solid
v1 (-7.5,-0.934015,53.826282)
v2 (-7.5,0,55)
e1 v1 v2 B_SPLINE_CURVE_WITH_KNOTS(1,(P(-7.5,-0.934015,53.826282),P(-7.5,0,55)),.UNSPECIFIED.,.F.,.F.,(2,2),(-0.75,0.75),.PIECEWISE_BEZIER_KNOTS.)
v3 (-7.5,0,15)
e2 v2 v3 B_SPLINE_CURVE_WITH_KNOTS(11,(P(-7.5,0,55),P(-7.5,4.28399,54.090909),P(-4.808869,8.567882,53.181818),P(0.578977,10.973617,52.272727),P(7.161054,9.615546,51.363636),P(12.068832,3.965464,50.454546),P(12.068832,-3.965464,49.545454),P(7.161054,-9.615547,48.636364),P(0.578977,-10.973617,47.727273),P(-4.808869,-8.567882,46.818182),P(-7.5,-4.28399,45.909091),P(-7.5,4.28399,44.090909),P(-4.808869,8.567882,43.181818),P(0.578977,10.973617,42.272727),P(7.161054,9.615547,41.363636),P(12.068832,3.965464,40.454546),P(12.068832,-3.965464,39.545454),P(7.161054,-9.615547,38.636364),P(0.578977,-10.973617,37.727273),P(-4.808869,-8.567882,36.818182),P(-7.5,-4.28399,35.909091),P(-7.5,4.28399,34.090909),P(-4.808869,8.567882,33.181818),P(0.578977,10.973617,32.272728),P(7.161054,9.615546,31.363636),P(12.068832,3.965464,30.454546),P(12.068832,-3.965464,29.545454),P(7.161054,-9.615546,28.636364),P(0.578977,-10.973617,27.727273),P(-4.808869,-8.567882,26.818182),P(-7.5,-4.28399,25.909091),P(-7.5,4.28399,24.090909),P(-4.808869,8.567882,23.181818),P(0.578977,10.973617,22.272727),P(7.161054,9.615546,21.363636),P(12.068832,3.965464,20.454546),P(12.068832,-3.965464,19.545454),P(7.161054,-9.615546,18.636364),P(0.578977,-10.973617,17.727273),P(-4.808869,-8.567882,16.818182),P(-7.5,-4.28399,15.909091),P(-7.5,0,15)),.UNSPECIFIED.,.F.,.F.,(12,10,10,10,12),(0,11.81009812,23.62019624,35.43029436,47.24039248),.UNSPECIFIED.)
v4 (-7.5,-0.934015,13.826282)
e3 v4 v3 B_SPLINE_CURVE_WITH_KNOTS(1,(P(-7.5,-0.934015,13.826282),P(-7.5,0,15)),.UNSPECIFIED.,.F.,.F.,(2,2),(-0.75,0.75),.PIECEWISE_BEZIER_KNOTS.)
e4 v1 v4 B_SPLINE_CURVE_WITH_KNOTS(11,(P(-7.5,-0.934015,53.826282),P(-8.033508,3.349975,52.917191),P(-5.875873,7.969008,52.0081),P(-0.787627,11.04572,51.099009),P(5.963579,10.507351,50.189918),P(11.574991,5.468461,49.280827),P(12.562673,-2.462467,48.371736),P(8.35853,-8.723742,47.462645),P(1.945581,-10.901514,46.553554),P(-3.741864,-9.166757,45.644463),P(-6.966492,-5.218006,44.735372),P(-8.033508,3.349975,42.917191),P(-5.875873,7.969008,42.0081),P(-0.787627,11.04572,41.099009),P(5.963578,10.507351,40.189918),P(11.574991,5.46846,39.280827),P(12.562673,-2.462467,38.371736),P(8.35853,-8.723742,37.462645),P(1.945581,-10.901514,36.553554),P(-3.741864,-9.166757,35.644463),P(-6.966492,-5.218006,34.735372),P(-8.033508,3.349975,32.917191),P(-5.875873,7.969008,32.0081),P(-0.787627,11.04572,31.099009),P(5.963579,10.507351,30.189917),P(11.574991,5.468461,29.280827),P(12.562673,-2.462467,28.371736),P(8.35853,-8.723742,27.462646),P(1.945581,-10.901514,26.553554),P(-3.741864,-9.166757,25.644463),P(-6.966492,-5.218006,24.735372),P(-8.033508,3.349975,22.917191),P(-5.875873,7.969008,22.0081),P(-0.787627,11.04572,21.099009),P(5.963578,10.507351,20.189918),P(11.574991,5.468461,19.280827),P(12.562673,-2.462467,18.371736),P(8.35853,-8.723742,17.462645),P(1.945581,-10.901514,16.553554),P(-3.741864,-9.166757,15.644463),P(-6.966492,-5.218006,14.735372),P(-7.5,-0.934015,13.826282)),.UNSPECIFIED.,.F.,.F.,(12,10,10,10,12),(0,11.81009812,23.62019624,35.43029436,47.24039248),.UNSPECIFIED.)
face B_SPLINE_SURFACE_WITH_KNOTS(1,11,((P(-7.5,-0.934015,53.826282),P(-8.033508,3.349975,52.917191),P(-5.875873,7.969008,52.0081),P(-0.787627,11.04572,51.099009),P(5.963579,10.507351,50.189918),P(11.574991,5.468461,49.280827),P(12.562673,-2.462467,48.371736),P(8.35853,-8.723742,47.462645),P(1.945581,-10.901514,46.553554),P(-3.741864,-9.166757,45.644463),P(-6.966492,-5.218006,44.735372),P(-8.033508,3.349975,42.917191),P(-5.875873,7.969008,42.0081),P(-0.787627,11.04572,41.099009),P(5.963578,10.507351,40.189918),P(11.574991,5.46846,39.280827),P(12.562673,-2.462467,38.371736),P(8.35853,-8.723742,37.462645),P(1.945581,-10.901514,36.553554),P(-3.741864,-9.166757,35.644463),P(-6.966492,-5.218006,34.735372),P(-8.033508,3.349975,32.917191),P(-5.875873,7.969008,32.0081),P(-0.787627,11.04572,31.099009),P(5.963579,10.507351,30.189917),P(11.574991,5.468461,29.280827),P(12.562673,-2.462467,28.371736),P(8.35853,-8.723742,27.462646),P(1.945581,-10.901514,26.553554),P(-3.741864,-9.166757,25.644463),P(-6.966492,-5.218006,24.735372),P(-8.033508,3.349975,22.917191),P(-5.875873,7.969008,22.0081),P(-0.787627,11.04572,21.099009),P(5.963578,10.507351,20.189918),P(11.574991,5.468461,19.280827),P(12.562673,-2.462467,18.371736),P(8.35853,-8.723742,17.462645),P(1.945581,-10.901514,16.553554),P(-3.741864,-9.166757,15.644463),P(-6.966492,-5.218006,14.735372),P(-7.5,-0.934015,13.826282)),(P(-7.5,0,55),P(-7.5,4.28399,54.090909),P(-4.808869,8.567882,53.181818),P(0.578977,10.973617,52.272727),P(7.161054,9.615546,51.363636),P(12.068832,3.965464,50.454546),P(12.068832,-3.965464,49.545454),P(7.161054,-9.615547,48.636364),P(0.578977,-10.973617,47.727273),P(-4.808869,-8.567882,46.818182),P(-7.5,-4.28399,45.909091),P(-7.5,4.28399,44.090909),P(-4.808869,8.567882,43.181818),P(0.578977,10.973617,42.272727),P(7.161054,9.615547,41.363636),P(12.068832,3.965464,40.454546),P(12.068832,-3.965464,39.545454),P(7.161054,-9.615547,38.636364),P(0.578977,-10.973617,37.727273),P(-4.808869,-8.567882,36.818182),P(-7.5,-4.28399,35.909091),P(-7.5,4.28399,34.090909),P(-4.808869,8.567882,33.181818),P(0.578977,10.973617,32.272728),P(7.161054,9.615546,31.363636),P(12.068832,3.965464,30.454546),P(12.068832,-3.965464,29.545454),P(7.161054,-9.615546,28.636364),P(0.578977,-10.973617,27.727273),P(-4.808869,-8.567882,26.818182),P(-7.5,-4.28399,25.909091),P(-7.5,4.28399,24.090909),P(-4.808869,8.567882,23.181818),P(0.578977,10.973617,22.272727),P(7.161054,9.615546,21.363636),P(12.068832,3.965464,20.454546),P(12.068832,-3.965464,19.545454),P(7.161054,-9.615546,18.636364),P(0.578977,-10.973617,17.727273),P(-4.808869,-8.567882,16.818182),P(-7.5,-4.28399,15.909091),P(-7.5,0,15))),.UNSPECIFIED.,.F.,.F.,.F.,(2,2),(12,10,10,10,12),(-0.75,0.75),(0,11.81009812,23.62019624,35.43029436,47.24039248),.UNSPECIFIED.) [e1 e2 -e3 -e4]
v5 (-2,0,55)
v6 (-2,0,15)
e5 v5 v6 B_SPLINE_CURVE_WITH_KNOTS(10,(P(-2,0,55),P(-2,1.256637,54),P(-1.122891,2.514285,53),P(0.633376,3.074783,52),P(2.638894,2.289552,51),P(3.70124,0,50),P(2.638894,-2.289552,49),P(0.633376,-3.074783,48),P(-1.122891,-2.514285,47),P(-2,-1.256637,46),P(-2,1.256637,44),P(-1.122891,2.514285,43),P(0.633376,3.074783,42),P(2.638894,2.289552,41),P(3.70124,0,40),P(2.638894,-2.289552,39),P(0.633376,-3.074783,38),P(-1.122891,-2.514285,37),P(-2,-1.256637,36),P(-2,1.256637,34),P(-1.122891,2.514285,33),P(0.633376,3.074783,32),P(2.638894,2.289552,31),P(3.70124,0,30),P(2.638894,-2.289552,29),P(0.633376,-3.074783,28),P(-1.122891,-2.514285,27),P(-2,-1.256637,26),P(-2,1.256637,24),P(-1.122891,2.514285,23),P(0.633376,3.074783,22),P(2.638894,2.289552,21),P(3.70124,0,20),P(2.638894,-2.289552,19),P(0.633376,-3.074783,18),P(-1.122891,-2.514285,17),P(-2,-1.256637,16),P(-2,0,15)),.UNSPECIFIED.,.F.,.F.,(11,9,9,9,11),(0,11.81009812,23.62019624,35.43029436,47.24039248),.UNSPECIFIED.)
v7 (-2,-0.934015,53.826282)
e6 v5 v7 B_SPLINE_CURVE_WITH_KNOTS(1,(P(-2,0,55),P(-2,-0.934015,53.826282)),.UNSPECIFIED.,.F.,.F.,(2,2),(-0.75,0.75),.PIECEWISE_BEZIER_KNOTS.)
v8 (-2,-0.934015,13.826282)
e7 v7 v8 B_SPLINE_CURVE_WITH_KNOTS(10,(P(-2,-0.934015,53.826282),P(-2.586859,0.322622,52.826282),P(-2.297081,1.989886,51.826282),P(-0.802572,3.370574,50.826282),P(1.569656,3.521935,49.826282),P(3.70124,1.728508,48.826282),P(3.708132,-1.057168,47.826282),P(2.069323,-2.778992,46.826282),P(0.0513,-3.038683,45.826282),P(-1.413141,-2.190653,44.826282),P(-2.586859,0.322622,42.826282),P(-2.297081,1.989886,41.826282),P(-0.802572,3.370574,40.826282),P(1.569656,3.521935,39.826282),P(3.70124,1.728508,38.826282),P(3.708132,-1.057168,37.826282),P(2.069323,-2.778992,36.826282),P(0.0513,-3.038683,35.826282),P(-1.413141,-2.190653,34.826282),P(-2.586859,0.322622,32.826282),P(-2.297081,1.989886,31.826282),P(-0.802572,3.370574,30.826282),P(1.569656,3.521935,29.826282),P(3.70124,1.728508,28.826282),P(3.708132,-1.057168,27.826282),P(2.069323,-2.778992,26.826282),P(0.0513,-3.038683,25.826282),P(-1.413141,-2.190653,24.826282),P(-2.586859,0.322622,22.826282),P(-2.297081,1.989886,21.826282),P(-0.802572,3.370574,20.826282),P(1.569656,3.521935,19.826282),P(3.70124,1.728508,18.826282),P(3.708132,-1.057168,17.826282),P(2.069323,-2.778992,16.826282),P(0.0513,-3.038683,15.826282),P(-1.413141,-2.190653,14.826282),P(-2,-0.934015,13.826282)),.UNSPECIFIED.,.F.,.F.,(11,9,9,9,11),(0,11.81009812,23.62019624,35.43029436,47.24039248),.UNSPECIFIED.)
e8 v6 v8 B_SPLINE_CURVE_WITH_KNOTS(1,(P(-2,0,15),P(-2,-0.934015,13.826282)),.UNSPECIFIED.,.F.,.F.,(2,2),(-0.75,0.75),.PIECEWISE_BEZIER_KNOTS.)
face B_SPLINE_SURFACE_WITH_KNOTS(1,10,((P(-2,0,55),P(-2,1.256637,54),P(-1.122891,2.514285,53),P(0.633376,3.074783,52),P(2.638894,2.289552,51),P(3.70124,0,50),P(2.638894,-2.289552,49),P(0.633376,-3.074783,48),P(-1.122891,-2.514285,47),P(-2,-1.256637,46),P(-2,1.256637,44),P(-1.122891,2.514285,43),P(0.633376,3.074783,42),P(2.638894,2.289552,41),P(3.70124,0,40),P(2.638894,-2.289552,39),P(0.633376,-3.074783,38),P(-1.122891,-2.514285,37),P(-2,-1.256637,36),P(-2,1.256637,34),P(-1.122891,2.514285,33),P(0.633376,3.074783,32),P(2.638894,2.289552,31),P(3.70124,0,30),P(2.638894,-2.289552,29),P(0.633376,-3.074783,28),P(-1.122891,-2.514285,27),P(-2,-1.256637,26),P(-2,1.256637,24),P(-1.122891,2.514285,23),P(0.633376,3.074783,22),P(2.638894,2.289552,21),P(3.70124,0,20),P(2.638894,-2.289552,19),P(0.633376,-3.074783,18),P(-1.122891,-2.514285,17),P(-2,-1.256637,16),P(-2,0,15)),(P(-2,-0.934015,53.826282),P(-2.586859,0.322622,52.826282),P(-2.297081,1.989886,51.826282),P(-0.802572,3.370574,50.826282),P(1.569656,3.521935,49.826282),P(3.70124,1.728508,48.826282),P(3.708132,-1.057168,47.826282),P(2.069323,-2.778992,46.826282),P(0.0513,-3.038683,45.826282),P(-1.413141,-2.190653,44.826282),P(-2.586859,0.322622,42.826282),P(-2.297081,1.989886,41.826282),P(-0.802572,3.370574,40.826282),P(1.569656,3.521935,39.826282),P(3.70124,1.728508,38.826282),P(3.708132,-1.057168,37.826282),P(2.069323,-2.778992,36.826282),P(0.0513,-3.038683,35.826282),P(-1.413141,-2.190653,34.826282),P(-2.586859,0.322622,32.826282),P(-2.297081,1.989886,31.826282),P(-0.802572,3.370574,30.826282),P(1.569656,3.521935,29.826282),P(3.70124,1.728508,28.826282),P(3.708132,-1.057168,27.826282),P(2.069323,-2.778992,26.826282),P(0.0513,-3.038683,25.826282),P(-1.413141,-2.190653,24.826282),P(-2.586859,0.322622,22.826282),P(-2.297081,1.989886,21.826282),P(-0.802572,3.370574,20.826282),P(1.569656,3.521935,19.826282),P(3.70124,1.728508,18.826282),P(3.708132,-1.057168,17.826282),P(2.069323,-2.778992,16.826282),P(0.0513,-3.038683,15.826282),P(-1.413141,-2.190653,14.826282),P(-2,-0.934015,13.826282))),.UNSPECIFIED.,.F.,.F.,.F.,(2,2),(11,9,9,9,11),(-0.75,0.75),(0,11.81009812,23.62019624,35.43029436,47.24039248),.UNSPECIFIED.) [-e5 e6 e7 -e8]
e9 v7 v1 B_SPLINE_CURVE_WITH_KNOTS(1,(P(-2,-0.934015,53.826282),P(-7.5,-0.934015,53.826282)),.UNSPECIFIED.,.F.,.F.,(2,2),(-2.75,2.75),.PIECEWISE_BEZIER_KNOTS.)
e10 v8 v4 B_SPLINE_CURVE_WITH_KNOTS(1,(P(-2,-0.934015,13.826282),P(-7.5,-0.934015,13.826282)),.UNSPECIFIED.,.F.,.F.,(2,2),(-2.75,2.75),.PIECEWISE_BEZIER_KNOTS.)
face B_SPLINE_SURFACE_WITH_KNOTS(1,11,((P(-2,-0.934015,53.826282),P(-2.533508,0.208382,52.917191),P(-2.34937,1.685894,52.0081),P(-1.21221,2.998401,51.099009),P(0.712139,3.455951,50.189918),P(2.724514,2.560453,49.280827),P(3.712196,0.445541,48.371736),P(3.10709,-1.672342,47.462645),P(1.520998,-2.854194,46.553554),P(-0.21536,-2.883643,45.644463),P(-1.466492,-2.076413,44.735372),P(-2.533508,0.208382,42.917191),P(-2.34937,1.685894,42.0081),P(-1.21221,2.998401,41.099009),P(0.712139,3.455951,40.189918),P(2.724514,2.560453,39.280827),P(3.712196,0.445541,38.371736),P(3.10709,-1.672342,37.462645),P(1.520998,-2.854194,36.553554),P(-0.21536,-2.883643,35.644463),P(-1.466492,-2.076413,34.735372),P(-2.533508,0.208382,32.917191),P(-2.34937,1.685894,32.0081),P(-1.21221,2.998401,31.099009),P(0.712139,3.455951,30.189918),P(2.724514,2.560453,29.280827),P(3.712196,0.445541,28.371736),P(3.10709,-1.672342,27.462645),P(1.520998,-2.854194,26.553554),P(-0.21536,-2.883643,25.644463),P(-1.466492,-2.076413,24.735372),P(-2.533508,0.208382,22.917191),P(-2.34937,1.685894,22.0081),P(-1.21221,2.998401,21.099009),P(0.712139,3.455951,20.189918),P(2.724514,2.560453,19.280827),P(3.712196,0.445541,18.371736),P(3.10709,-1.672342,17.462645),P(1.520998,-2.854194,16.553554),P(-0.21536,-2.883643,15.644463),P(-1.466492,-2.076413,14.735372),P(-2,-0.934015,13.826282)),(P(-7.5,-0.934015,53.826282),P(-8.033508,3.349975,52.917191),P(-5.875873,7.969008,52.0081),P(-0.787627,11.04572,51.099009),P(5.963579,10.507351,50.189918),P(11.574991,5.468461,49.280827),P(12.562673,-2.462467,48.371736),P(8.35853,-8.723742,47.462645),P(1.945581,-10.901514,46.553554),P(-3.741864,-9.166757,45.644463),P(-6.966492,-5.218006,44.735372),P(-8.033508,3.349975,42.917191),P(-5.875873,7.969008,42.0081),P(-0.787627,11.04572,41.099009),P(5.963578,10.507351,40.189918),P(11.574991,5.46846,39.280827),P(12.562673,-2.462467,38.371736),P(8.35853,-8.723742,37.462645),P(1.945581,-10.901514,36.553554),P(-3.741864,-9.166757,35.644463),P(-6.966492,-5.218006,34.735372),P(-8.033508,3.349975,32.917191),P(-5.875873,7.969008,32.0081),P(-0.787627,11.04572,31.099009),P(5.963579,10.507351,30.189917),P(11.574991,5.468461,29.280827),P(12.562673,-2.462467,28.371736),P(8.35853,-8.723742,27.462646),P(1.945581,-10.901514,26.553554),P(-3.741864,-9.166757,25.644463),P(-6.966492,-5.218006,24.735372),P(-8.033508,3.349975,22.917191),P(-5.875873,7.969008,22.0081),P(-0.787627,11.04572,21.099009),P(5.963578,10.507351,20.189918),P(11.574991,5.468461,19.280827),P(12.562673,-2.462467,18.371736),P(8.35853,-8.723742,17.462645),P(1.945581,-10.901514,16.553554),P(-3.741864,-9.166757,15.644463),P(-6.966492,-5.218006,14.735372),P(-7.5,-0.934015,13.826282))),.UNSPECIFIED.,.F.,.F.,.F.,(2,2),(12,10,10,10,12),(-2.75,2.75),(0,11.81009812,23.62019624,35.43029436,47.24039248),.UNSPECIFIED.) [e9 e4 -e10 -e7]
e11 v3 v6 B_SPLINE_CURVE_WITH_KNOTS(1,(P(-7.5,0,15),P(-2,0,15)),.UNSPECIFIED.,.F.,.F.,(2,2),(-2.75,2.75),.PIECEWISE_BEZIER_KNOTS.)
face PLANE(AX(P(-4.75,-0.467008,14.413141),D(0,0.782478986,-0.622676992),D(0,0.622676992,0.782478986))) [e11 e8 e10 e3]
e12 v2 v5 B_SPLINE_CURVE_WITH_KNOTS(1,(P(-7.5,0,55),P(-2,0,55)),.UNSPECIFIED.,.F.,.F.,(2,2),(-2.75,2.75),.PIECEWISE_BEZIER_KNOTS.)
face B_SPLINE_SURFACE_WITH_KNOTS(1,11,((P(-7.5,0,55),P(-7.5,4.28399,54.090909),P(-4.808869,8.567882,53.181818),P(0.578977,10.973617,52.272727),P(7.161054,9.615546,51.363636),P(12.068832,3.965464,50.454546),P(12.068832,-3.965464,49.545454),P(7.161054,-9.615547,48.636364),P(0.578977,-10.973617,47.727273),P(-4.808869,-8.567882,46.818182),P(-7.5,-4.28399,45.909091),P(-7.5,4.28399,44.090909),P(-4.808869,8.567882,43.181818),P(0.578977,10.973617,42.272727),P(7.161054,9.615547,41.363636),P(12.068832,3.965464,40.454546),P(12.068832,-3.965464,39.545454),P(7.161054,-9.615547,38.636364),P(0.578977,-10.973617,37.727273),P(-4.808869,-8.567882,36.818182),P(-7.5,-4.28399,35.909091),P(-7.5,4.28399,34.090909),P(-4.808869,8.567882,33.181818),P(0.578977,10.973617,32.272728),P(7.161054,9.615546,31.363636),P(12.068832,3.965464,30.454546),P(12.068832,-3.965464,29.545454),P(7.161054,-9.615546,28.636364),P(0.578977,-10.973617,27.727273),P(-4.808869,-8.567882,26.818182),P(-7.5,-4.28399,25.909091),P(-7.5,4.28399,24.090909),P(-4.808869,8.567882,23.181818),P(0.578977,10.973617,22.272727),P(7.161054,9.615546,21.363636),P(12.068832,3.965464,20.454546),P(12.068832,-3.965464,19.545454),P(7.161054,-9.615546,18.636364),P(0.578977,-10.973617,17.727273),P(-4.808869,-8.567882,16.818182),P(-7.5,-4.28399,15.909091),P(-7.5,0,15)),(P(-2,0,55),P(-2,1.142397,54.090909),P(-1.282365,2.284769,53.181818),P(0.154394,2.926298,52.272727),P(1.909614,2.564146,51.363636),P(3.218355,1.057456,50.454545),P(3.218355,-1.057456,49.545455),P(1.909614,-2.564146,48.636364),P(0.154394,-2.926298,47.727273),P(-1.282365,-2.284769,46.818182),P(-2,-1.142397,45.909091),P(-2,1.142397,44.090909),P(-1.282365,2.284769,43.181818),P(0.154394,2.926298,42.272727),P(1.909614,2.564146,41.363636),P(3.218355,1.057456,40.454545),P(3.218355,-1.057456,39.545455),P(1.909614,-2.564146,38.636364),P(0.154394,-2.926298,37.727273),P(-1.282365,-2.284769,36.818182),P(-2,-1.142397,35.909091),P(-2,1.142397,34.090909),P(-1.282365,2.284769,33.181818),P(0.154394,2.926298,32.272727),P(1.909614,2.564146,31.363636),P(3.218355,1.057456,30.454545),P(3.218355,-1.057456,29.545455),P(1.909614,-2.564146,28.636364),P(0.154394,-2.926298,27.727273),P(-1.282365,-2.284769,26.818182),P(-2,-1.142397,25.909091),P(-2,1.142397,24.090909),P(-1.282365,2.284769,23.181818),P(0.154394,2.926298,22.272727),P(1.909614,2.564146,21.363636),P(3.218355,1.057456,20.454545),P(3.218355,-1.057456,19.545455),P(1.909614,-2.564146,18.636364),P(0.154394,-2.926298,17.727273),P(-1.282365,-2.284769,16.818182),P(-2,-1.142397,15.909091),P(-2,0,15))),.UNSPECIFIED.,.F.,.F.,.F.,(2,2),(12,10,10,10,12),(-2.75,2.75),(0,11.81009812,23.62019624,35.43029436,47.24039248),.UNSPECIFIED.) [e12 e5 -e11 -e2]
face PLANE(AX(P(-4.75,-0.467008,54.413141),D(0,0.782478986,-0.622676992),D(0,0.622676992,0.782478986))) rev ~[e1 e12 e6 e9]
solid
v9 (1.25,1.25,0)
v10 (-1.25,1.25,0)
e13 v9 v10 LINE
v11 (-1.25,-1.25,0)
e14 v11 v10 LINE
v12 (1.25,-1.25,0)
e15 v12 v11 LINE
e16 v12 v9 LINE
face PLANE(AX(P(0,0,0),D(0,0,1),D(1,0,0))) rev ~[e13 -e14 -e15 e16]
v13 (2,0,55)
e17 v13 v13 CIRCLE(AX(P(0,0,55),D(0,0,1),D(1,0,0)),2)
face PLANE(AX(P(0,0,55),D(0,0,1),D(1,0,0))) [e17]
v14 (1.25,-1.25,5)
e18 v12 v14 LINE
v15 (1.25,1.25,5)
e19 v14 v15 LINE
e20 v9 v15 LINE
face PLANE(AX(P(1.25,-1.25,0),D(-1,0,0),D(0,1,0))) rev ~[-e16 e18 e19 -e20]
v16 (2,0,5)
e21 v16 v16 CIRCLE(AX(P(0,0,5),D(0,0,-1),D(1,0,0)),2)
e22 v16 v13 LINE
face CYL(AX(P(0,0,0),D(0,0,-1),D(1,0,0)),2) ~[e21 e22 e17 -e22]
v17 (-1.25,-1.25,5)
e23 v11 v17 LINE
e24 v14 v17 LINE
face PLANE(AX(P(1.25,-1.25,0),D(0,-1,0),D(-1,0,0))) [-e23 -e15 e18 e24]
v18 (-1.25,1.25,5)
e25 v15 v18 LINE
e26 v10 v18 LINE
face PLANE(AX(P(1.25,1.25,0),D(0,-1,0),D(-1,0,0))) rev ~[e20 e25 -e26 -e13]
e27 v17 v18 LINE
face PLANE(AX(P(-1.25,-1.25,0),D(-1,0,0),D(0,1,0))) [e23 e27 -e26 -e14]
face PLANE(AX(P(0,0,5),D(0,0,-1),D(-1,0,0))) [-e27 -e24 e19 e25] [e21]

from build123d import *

# Parameters (mm, degrees)
SKETCH1_R           = 2
BOSS_EXTRUDE1_DEPTH = 55
SWEEP1_PITCH        = 10
SWEEP1_HEIGHT       = 40
SWEEP1_RADIUS       = 2
SKETCH8_W           = 5.5
SKETCH8_H           = 1.5
SKETCH9_W           = 4.5
SKETCH9_H           = 4.5
SKETCH9_W_2         = 2.5
SKETCH9_H_2         = 2.5
CUT_EXTRUDE1_DEPTH  = 5


with BuildPart() as part:
    # Sketch1 → Boss-Extrude1 (new body)
    with BuildSketch(Plane.XY):
        Circle(SKETCH1_R)
    extrude(amount=BOSS_EXTRUDE1_DEPTH)

    # Sketch9 → Cut-Extrude1 (cut)
    with BuildSketch(Plane(origin=(0, 0, 0), x_dir=(-1, 0, 0), z_dir=(0, 0, -1))):
        Rectangle(SKETCH9_W, SKETCH9_H)
        Rectangle(SKETCH9_W_2, SKETCH9_H_2, mode=Mode.SUBTRACT)
    extrude(amount=-CUT_EXTRUDE1_DEPTH, mode=Mode.SUBTRACT)


with BuildPart() as body_2:
    # Sweep1: sweep along a helix
    with BuildLine() as sweep1_path:
        Helix(SWEEP1_PITCH, SWEEP1_HEIGHT, SWEEP1_RADIUS, center=(0, 0, 55), direction=(0, 0, -1))
    # Sketch8 → Sweep1 (sweep)
    with BuildSketch(Plane(origin=(-2, 0, 55), x_dir=(-1, 0, 0), z_dir=(-5.205240891921112e-15, 0.782478985826999, -0.6226769922994995))):
        with Locations((2.75, -0.75)):
            Rectangle(SKETCH8_W, SKETCH8_H)
    sweep(path=sweep1_path.line, is_frenet=True)


solid = Compound([part.part, body_2.part])
